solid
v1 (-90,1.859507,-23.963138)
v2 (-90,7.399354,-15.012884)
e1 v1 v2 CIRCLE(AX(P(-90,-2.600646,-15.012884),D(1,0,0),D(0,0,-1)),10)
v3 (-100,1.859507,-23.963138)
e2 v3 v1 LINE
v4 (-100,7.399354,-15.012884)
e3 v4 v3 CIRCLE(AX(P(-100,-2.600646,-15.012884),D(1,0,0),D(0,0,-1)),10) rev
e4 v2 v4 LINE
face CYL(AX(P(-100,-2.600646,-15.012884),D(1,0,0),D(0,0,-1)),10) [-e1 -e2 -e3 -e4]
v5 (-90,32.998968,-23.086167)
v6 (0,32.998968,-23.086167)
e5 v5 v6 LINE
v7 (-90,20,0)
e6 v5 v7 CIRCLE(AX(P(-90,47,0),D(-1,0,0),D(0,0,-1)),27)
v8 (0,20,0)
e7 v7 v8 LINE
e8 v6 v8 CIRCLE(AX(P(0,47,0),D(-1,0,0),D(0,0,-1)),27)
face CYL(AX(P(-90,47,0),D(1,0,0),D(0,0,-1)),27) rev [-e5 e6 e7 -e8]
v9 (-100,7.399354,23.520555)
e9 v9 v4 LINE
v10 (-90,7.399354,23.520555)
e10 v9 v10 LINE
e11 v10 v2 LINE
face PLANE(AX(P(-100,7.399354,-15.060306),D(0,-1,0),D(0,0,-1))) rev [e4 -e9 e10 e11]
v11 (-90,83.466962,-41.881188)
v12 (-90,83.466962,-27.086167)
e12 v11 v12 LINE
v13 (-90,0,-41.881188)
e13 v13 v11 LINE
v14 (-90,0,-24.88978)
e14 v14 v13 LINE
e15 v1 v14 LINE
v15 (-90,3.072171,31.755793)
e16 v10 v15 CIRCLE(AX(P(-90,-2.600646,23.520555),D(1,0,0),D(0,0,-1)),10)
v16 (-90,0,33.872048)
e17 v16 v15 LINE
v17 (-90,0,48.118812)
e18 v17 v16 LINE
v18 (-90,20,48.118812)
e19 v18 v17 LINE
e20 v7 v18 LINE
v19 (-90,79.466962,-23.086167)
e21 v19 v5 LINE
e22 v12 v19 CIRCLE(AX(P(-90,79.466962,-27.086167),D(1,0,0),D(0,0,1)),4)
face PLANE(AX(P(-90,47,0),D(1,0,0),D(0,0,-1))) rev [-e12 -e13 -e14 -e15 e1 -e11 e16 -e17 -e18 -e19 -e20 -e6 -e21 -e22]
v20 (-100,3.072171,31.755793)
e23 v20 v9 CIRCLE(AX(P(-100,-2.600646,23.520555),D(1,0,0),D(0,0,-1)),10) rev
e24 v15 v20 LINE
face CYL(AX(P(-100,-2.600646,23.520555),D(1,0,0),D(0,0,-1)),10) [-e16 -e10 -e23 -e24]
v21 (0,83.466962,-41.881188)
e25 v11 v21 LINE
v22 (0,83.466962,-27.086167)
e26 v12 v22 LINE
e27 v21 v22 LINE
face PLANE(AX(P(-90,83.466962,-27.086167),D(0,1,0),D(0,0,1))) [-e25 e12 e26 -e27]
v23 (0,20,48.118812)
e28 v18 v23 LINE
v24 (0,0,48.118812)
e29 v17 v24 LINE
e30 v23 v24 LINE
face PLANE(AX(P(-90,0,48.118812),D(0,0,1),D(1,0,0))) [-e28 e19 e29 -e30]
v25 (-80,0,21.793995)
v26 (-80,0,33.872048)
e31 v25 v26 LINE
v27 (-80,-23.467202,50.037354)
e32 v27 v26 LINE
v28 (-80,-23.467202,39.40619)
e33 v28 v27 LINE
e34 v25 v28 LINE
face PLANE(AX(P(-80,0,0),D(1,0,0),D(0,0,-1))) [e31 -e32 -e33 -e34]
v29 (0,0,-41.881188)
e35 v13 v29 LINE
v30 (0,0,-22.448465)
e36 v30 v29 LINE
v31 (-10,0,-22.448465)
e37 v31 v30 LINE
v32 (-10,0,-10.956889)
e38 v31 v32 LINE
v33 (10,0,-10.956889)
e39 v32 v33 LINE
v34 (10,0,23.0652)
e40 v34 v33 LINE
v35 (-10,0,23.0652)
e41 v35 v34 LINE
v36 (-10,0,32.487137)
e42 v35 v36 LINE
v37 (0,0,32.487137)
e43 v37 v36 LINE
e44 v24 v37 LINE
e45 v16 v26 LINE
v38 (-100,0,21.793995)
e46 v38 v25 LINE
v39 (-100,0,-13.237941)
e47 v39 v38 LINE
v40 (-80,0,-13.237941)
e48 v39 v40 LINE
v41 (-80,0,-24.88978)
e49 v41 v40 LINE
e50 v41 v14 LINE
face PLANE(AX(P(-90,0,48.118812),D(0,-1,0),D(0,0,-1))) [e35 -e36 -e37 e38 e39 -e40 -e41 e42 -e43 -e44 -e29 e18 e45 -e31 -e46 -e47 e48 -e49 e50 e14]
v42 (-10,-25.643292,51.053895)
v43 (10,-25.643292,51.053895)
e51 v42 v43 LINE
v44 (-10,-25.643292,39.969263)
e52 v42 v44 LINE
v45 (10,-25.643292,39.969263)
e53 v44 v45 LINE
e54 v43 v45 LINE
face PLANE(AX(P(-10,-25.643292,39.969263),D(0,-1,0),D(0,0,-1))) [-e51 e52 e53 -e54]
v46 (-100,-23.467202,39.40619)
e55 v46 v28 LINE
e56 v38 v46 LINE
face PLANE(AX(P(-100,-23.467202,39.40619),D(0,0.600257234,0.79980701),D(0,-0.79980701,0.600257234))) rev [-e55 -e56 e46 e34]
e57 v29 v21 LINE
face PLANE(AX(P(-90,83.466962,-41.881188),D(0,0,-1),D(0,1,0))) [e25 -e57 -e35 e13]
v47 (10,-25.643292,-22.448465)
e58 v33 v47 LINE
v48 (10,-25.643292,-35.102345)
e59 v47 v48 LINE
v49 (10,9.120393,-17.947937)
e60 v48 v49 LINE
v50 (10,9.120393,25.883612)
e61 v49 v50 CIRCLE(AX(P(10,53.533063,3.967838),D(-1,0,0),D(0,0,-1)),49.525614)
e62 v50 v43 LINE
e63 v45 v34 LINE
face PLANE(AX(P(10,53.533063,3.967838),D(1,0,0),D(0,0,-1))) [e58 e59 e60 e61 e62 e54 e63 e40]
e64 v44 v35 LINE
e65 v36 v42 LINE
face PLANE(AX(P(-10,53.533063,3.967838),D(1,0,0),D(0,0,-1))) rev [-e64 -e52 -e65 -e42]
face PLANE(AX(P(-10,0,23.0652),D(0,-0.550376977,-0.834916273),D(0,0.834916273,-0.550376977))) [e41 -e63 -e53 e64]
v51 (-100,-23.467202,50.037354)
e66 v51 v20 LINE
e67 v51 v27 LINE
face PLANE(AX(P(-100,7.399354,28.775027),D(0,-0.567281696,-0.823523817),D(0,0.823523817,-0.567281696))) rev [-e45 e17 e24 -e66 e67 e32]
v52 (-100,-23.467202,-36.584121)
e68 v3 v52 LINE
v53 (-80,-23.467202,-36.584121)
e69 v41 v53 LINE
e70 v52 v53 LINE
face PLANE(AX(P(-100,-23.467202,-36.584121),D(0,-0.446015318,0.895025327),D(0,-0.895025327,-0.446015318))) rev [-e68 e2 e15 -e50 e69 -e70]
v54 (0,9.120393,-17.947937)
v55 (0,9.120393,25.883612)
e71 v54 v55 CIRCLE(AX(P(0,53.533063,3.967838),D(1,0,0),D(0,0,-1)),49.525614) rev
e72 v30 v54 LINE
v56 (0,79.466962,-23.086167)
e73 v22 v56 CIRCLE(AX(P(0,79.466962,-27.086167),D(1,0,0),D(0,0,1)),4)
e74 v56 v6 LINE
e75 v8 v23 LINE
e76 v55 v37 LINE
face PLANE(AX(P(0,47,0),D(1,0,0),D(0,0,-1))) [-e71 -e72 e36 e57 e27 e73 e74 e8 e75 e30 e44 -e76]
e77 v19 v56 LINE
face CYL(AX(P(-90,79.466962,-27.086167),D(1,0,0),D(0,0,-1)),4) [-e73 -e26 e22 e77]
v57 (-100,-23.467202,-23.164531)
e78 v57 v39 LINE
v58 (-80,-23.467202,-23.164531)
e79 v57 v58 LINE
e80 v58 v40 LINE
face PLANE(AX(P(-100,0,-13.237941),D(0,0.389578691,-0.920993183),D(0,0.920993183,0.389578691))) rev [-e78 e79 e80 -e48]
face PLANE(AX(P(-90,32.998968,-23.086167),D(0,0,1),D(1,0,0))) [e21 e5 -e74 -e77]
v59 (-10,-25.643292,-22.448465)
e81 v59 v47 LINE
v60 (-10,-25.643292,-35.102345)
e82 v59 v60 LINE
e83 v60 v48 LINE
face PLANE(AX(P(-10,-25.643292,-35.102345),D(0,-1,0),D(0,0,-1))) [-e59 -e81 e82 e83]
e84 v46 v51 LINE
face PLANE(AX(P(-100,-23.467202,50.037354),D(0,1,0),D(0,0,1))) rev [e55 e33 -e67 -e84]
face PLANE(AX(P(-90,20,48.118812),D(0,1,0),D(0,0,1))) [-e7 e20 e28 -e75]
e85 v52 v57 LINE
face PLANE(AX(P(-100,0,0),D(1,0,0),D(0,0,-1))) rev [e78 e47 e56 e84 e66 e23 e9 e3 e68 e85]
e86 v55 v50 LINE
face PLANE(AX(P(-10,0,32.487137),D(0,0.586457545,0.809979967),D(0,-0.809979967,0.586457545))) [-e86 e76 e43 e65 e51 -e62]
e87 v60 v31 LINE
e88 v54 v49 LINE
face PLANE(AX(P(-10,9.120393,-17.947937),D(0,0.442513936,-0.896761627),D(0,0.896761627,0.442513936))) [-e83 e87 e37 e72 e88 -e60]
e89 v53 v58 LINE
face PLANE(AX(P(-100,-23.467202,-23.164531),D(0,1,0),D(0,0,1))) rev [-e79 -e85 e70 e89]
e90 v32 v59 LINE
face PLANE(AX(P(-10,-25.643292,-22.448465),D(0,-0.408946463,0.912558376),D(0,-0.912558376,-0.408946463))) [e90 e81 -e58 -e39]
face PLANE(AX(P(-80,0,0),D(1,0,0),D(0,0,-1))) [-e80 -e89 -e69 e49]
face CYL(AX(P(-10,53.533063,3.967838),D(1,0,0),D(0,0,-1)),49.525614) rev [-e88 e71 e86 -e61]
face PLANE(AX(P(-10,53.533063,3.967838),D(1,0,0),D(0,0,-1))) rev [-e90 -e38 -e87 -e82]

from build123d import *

# Parameters (mm, degrees)
BOSS_EXTRUDE2_DEPTH = 90
BOSS_EXTRUDE4_DEPTH = 10
BOSS_EXTRUDE5_DEPTH = 10
FILLET1_R           = 10


with BuildPart() as part:
    # Sketch1 → Boss-Extrude2 (new body)
    with BuildSketch(Plane(origin=(0, 0, 0), x_dir=(0, 0, -1), z_dir=(1, 0, 0))):
        with BuildLine():
            Line((-48.118811881, 0), (41.881188119, 0))
            Line((41.881188119, 0), (41.881188119, 83.466961913))
            Line((41.881188119, 83.466961913), (27.086166787, 83.466961913))
            ThreePointArc((27.086166787, 83.466961913), (24.257739663, 82.295389038), (23.086166787, 79.466961913))
            Line((23.086166787, 79.466961913), (23.086166787, 32.998967786))
            ThreePointArc((23.086166787, 32.998967786), (13.24711535, 23.473123138), (0, 20))
            Line((0, 20), (-48.118811881, 20))
            Line((-48.118811881, 20), (-48.118811881, 0))
        make_face()
    extrude(amount=-BOSS_EXTRUDE2_DEPTH)

    # Sketch2 → Boss-Extrude4 (add, symmetric)
    with BuildSketch(Plane(origin=(0, 0, 0), x_dir=(0, 0, -1), z_dir=(1, 0, 0))):
        with BuildLine():
            Line((-32.487137017, 0), (-51.053894903, -25.643291777))
            Line((-51.053894903, -25.643291777), (-39.969263329, -25.643291777))
            Line((-39.969263329, -25.643291777), (-23.065200179, 0))
            Line((-23.065200179, 0), (10.956889222, 0))
            Line((10.956889222, 0), (22.448464713, -25.643291777))
            Line((22.448464713, -25.643291777), (35.102344658, -25.643291777))
            Line((35.102344658, -25.643291777), (22.448464713, 0))
            Line((22.448464713, 0), (17.947936645, 9.120392711))
            ThreePointArc((17.947936645, 9.120392711), (-3.967837589, 4.007448958), (-25.883611823, 9.120392711))
            Line((-25.883611823, 9.120392711), (-32.487137017, 0))
        make_face()
    extrude(amount=BOSS_EXTRUDE4_DEPTH, both=True)

    # Sketch5 → Boss-Extrude5 (add, symmetric)
    with BuildSketch(Plane.ZY.offset(90)):
        Polygon((-15.060305743, 7.399353966), (28.775027298, 7.399353966), (50.037353524, -23.467201706), (39.406190411, -23.467201706), (21.793994687, 0), (-13.237941151, 0), (-23.164531139, -23.467201706), (-36.584121335, -23.467201706), (-21.202482156, 7.399353966), align=None)
    extrude(amount=BOSS_EXTRUDE5_DEPTH, both=True)

    # Fillet1
    fillet1_edges = [part.edges().sort_by_distance(p)[0] for p in [
        (-95, 7.399353966, 28.775027298),
        (-95, 7.399353966, -21.202482156),
    ]]
    fillet(fillet1_edges, radius=FILLET1_R)


solid = part.part
